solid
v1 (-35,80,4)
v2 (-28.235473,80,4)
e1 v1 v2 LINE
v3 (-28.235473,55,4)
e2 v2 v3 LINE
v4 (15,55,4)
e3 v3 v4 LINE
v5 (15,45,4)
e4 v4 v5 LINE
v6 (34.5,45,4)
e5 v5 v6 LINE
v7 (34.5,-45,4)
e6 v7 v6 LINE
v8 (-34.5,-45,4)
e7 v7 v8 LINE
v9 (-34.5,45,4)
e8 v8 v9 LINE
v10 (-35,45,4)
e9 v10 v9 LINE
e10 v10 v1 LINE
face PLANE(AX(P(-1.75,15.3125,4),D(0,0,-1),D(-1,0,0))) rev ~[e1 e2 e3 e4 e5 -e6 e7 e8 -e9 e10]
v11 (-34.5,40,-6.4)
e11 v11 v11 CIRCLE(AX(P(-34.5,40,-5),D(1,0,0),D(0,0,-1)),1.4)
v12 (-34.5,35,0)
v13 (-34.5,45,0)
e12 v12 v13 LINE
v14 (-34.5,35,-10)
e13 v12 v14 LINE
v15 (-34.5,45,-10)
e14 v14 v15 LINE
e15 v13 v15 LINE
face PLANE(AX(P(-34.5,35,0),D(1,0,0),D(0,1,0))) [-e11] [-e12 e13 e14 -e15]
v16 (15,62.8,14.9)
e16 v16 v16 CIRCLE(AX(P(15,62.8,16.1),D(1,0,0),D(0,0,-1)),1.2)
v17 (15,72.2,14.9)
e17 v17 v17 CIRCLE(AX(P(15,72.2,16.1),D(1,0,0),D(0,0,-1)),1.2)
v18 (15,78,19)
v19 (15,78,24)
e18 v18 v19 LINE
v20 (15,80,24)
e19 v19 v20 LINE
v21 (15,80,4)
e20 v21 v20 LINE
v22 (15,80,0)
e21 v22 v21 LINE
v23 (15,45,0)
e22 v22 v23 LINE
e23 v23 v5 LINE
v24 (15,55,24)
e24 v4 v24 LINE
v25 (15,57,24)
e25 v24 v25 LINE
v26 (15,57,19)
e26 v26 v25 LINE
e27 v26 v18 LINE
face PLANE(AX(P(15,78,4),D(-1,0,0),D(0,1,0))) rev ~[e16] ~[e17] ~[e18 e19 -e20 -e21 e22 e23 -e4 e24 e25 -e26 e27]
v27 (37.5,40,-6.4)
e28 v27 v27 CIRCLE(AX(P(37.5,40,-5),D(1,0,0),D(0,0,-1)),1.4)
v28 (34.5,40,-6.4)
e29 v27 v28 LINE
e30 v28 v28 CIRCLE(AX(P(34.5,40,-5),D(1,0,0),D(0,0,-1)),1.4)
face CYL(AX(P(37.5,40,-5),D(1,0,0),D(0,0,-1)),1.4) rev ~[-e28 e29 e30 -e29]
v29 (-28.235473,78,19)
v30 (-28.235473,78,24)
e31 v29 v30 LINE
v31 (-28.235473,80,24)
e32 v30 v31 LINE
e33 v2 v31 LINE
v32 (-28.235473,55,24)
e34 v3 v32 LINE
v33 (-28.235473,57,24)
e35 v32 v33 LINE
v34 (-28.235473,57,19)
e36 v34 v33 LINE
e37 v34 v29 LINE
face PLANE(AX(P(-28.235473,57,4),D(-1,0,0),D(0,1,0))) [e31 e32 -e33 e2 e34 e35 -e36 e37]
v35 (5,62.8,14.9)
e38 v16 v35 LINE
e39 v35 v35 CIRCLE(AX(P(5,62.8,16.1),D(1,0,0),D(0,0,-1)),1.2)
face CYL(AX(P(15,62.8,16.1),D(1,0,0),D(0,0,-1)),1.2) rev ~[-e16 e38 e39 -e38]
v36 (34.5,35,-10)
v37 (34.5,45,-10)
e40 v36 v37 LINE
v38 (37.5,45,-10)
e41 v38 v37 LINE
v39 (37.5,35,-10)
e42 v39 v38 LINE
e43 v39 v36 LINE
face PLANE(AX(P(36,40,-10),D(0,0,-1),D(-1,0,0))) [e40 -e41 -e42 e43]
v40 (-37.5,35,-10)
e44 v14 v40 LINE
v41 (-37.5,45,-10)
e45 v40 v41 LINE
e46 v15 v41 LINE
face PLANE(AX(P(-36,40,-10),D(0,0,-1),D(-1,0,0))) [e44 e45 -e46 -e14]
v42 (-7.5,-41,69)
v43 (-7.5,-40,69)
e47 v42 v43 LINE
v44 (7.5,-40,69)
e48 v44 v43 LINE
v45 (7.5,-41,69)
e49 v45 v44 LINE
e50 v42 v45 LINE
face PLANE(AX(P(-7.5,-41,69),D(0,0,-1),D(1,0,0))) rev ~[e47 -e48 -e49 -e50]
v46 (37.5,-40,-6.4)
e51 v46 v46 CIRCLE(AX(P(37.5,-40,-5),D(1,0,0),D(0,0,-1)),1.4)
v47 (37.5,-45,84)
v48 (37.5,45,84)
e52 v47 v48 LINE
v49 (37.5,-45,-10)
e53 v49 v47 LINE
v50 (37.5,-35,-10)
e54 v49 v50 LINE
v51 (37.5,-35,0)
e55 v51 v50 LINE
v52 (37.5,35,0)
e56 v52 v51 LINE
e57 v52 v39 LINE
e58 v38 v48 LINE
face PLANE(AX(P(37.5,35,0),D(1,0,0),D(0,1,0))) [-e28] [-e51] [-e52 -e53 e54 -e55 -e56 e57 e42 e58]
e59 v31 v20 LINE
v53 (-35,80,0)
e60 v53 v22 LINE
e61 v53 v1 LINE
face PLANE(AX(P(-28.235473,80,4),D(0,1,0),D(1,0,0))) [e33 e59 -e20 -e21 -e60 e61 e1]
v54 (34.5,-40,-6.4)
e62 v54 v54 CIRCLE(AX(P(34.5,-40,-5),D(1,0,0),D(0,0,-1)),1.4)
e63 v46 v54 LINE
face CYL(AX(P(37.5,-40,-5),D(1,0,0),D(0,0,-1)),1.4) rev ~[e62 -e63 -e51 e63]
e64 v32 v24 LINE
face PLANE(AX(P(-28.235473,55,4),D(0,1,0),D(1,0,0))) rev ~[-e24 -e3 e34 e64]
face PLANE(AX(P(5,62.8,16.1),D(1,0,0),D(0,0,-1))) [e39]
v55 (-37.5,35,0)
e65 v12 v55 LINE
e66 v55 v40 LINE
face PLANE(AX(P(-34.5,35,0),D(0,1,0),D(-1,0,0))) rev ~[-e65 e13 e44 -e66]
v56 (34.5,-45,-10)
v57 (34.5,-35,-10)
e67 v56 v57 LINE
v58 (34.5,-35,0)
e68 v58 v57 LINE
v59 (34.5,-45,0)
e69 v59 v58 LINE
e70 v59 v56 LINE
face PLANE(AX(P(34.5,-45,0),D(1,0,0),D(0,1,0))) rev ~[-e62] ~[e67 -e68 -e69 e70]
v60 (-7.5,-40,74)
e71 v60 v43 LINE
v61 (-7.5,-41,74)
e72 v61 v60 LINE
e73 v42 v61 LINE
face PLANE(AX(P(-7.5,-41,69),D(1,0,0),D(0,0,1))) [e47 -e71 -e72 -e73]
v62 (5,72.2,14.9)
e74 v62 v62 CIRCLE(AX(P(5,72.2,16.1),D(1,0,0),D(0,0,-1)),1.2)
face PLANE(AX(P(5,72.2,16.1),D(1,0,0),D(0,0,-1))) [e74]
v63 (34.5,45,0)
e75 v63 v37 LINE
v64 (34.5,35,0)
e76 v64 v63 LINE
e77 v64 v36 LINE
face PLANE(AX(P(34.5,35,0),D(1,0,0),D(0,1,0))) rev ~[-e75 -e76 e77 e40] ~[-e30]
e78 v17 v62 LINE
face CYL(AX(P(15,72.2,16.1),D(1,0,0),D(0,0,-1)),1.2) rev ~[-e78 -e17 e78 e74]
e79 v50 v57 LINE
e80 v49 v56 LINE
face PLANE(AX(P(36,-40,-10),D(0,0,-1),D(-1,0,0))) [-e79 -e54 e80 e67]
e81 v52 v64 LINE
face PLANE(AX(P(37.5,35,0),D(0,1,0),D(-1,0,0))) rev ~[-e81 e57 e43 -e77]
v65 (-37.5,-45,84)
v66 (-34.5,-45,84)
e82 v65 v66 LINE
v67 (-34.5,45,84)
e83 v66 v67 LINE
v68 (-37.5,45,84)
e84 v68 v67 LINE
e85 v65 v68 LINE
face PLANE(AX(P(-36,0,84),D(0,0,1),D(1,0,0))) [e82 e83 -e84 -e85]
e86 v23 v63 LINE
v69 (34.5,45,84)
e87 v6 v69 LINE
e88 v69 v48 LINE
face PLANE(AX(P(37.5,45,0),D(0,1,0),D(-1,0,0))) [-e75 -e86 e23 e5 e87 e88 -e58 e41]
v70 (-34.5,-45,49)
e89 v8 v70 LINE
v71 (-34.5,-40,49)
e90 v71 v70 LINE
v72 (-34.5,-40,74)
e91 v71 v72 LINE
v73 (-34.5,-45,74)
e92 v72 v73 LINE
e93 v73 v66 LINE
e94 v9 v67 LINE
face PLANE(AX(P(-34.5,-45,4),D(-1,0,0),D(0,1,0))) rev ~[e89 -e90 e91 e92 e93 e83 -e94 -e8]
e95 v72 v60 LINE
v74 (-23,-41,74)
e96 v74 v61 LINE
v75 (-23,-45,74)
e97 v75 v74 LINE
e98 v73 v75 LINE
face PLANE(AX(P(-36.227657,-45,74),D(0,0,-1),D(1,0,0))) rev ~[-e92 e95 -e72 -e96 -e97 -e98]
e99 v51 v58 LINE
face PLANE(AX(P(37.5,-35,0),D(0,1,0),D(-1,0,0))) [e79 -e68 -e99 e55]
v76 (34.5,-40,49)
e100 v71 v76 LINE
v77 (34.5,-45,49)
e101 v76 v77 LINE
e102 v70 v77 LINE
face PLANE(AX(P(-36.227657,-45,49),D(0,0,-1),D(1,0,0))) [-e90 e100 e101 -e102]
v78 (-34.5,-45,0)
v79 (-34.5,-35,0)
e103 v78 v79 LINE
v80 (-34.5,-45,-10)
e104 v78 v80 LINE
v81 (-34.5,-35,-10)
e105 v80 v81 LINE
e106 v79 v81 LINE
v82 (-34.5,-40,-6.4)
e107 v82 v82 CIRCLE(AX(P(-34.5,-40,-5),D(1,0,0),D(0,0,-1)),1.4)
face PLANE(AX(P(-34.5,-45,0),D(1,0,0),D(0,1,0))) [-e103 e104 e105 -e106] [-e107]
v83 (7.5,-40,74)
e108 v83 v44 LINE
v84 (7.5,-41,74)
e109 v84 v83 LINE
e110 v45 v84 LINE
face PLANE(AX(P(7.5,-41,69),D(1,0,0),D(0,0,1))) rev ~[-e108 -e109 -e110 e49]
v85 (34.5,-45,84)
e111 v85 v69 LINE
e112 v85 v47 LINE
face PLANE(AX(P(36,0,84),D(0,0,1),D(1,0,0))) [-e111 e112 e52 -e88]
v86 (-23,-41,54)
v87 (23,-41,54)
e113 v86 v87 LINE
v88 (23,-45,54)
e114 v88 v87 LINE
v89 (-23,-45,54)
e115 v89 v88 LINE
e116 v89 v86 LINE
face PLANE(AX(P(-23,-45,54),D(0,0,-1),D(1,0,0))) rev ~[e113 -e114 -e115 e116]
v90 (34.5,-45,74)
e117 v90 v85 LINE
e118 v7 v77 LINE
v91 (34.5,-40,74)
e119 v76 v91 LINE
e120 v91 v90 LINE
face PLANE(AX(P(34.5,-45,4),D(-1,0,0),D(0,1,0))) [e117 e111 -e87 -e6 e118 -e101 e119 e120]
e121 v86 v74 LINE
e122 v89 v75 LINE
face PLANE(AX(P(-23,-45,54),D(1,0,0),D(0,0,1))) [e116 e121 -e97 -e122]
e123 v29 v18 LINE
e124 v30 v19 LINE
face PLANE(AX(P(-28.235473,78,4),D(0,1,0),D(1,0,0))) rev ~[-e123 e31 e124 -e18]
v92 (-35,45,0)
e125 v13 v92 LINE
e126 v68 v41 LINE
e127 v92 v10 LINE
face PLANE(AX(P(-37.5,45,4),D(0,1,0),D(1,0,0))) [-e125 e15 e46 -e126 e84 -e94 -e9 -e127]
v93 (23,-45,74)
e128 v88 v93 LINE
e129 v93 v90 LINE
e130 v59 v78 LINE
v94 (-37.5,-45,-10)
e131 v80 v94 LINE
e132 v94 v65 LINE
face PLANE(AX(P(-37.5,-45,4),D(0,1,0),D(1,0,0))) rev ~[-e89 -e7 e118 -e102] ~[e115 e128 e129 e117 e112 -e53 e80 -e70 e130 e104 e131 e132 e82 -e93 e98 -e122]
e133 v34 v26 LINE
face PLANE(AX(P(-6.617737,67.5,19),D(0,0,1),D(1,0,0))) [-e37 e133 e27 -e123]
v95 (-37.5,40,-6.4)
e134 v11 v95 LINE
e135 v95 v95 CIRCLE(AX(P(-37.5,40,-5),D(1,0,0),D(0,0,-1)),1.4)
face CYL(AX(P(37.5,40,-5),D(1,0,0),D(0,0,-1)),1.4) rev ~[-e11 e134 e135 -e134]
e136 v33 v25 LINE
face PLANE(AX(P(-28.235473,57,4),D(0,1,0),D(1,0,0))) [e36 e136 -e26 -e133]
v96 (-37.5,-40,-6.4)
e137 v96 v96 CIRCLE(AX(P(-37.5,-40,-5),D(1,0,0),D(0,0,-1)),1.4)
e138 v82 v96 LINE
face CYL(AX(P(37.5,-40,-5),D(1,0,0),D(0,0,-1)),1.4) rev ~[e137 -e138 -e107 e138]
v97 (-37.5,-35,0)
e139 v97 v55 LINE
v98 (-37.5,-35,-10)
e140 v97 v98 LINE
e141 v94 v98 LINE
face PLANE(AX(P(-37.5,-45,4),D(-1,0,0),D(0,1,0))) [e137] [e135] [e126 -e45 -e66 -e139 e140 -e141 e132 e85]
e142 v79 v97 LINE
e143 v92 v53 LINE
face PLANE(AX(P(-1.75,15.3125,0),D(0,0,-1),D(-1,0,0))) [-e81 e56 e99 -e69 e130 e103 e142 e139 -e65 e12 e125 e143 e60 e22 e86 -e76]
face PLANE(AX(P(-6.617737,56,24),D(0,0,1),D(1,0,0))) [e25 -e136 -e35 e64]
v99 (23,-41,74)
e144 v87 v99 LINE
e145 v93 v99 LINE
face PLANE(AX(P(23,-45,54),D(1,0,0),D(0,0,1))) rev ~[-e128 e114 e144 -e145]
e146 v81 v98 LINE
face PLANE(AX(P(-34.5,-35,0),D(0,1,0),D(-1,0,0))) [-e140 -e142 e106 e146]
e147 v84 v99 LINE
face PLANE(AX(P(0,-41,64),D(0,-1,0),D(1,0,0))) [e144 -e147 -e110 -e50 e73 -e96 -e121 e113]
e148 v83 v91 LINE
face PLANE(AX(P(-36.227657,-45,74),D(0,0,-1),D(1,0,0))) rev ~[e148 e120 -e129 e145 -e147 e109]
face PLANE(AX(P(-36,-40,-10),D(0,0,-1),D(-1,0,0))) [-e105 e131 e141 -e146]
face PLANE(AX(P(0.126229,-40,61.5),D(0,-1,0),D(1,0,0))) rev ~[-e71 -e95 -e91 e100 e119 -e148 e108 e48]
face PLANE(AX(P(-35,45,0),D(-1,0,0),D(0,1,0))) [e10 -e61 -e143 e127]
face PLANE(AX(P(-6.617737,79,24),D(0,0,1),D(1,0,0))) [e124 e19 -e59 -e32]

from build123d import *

# Parameters (mm, degrees)
EXTRUDE_1_DEPTH     = 4
SKETCH_3_W          = 43.235473071
SKETCH_3_H          = 2
EXTRUDE_2_DEPTH     = 20
SKETCH_4_W          = 43.235473071
SKETCH_4_H          = 21
EXTRUDE_3_DEPTH     = 15
SKETCH_8_W          = 3
SKETCH_8_H          = 10
EXTRUDE_4_DEPTH     = 10
SKETCH_10_R         = 1.4
CUT_EXTRUDE_1_DEPTH = 83
SKETCH_11_W         = 3
SKETCH_11_H         = 90
EXTRUDE_5_DEPTH     = 80
SKETCH_12_W         = 72.707770749
SKETCH_12_H         = 25
EXTRUDE_6_DEPTH     = 5
SKETCH_13_W         = 46
SKETCH_13_H         = 20
CUT_EXTRUDE_2_DEPTH = 4
CUT_EXTRUDE_3_REACH = 123
SKETCH_14_W         = 15
SKETCH_14_H         = 5
SKETCH_15_R         = 1.2
CUT_EXTRUDE_4_DEPTH = 10


with BuildPart() as part:
    # 草圖1 → 填料-伸長1 (new body)
    with BuildSketch(Plane.XY):
        Polygon((-37.5, 45), (-35, 45), (-35, 80), (15, 80), (15, 45), (37.5, 45), (37.5, -45), (-37.5, -45), align=None)
    extrude(amount=EXTRUDE_1_DEPTH)

    # 草圖3 → 填料-伸長2 (add)
    with BuildSketch(Plane.XY.offset(4)):
        with Locations((-6.617736535, 56)):
            Rectangle(SKETCH_3_W, SKETCH_3_H)
        with Locations((-6.617736535, 79)):
            Rectangle(SKETCH_3_W, SKETCH_3_H)
    extrude(amount=EXTRUDE_2_DEPTH)

    # 草圖4 → 填料-伸長3 (add)
    with BuildSketch(Plane.XY.offset(4)):
        with Locations((-6.617736535, 67.5)):
            Rectangle(SKETCH_4_W, SKETCH_4_H)
    extrude(amount=EXTRUDE_3_DEPTH)

    # 草圖8 → 填料-伸長4 (add)
    with BuildSketch(Plane(origin=(0, 0, 0), x_dir=(-1, 0, 0), z_dir=(0, 0, -1))):
        with Locations((-36, 40)):
            Rectangle(SKETCH_8_W, SKETCH_8_H)
        with Locations((36, 40)):
            Rectangle(SKETCH_8_W, SKETCH_8_H)
        with Locations((36, -40)):
            Rectangle(SKETCH_8_W, SKETCH_8_H)
        with Locations((-36, -40)):
            Rectangle(SKETCH_8_W, SKETCH_8_H)
    extrude(amount=EXTRUDE_4_DEPTH)

    # 草圖10 → 除料-伸長1 (cut)
    with BuildSketch(Plane(origin=(37.5, 0, 0), x_dir=(0, 0, -1), z_dir=(1, 0, 0))):
        with Locations((5, 40)):
            Circle(SKETCH_10_R)
        with Locations((5, -40)):
            Circle(SKETCH_10_R)
    extrude(amount=-CUT_EXTRUDE_1_DEPTH, mode=Mode.SUBTRACT)

    # 草圖11 → 填料-伸長5 (add)
    with BuildSketch(Plane.XY.offset(4)):
        with Locations((-36, 0)):
            Rectangle(SKETCH_11_W, SKETCH_11_H)
        with Locations((36, 0)):
            Rectangle(SKETCH_11_W, SKETCH_11_H)
    extrude(amount=EXTRUDE_5_DEPTH)

    # 草圖12 → 填料-伸長6 (add)
    with BuildSketch(Plane.XZ.offset(45)):
        with Locations((0.126228768, 61.5)):
            Rectangle(SKETCH_12_W, SKETCH_12_H)
    extrude(amount=-EXTRUDE_6_DEPTH)

    # 草圖13 → 除料-伸長2 (cut)
    with BuildSketch(Plane.XZ.offset(45)):
        with Locations((0, 64)):
            Rectangle(SKETCH_13_W, SKETCH_13_H)
    extrude(amount=-CUT_EXTRUDE_2_DEPTH, mode=Mode.SUBTRACT)

    # 草圖14 → 除料-伸長3 (cut, up to next)
    with BuildSketch(Plane.XZ.offset(41), mode=Mode.PRIVATE) as cut_extrude_3_sk1:
        with Locations((0, 71.5)):
            Rectangle(SKETCH_14_W, SKETCH_14_H)
    cut_extrude_3_tool1 = extrude(cut_extrude_3_sk1.sketch, amount=-CUT_EXTRUDE_3_REACH, mode=Mode.PRIVATE) & part.part
    add(cut_extrude_3_tool1.solids().sort_by_distance((0, -41, 71.5))[0], mode=Mode.SUBTRACT)

    # 草圖15 → 除料-伸長4 (cut)
    with BuildSketch(Plane(origin=(15, 0, 0), x_dir=(0, 0, -1), z_dir=(1, 0, 0))):
        with Locations((-16.1, 72.2)):
            Circle(SKETCH_15_R)
        with Locations((-16.1, 62.8)):
            Circle(SKETCH_15_R)
    extrude(amount=-CUT_EXTRUDE_4_DEPTH, mode=Mode.SUBTRACT)


solid = part.part
